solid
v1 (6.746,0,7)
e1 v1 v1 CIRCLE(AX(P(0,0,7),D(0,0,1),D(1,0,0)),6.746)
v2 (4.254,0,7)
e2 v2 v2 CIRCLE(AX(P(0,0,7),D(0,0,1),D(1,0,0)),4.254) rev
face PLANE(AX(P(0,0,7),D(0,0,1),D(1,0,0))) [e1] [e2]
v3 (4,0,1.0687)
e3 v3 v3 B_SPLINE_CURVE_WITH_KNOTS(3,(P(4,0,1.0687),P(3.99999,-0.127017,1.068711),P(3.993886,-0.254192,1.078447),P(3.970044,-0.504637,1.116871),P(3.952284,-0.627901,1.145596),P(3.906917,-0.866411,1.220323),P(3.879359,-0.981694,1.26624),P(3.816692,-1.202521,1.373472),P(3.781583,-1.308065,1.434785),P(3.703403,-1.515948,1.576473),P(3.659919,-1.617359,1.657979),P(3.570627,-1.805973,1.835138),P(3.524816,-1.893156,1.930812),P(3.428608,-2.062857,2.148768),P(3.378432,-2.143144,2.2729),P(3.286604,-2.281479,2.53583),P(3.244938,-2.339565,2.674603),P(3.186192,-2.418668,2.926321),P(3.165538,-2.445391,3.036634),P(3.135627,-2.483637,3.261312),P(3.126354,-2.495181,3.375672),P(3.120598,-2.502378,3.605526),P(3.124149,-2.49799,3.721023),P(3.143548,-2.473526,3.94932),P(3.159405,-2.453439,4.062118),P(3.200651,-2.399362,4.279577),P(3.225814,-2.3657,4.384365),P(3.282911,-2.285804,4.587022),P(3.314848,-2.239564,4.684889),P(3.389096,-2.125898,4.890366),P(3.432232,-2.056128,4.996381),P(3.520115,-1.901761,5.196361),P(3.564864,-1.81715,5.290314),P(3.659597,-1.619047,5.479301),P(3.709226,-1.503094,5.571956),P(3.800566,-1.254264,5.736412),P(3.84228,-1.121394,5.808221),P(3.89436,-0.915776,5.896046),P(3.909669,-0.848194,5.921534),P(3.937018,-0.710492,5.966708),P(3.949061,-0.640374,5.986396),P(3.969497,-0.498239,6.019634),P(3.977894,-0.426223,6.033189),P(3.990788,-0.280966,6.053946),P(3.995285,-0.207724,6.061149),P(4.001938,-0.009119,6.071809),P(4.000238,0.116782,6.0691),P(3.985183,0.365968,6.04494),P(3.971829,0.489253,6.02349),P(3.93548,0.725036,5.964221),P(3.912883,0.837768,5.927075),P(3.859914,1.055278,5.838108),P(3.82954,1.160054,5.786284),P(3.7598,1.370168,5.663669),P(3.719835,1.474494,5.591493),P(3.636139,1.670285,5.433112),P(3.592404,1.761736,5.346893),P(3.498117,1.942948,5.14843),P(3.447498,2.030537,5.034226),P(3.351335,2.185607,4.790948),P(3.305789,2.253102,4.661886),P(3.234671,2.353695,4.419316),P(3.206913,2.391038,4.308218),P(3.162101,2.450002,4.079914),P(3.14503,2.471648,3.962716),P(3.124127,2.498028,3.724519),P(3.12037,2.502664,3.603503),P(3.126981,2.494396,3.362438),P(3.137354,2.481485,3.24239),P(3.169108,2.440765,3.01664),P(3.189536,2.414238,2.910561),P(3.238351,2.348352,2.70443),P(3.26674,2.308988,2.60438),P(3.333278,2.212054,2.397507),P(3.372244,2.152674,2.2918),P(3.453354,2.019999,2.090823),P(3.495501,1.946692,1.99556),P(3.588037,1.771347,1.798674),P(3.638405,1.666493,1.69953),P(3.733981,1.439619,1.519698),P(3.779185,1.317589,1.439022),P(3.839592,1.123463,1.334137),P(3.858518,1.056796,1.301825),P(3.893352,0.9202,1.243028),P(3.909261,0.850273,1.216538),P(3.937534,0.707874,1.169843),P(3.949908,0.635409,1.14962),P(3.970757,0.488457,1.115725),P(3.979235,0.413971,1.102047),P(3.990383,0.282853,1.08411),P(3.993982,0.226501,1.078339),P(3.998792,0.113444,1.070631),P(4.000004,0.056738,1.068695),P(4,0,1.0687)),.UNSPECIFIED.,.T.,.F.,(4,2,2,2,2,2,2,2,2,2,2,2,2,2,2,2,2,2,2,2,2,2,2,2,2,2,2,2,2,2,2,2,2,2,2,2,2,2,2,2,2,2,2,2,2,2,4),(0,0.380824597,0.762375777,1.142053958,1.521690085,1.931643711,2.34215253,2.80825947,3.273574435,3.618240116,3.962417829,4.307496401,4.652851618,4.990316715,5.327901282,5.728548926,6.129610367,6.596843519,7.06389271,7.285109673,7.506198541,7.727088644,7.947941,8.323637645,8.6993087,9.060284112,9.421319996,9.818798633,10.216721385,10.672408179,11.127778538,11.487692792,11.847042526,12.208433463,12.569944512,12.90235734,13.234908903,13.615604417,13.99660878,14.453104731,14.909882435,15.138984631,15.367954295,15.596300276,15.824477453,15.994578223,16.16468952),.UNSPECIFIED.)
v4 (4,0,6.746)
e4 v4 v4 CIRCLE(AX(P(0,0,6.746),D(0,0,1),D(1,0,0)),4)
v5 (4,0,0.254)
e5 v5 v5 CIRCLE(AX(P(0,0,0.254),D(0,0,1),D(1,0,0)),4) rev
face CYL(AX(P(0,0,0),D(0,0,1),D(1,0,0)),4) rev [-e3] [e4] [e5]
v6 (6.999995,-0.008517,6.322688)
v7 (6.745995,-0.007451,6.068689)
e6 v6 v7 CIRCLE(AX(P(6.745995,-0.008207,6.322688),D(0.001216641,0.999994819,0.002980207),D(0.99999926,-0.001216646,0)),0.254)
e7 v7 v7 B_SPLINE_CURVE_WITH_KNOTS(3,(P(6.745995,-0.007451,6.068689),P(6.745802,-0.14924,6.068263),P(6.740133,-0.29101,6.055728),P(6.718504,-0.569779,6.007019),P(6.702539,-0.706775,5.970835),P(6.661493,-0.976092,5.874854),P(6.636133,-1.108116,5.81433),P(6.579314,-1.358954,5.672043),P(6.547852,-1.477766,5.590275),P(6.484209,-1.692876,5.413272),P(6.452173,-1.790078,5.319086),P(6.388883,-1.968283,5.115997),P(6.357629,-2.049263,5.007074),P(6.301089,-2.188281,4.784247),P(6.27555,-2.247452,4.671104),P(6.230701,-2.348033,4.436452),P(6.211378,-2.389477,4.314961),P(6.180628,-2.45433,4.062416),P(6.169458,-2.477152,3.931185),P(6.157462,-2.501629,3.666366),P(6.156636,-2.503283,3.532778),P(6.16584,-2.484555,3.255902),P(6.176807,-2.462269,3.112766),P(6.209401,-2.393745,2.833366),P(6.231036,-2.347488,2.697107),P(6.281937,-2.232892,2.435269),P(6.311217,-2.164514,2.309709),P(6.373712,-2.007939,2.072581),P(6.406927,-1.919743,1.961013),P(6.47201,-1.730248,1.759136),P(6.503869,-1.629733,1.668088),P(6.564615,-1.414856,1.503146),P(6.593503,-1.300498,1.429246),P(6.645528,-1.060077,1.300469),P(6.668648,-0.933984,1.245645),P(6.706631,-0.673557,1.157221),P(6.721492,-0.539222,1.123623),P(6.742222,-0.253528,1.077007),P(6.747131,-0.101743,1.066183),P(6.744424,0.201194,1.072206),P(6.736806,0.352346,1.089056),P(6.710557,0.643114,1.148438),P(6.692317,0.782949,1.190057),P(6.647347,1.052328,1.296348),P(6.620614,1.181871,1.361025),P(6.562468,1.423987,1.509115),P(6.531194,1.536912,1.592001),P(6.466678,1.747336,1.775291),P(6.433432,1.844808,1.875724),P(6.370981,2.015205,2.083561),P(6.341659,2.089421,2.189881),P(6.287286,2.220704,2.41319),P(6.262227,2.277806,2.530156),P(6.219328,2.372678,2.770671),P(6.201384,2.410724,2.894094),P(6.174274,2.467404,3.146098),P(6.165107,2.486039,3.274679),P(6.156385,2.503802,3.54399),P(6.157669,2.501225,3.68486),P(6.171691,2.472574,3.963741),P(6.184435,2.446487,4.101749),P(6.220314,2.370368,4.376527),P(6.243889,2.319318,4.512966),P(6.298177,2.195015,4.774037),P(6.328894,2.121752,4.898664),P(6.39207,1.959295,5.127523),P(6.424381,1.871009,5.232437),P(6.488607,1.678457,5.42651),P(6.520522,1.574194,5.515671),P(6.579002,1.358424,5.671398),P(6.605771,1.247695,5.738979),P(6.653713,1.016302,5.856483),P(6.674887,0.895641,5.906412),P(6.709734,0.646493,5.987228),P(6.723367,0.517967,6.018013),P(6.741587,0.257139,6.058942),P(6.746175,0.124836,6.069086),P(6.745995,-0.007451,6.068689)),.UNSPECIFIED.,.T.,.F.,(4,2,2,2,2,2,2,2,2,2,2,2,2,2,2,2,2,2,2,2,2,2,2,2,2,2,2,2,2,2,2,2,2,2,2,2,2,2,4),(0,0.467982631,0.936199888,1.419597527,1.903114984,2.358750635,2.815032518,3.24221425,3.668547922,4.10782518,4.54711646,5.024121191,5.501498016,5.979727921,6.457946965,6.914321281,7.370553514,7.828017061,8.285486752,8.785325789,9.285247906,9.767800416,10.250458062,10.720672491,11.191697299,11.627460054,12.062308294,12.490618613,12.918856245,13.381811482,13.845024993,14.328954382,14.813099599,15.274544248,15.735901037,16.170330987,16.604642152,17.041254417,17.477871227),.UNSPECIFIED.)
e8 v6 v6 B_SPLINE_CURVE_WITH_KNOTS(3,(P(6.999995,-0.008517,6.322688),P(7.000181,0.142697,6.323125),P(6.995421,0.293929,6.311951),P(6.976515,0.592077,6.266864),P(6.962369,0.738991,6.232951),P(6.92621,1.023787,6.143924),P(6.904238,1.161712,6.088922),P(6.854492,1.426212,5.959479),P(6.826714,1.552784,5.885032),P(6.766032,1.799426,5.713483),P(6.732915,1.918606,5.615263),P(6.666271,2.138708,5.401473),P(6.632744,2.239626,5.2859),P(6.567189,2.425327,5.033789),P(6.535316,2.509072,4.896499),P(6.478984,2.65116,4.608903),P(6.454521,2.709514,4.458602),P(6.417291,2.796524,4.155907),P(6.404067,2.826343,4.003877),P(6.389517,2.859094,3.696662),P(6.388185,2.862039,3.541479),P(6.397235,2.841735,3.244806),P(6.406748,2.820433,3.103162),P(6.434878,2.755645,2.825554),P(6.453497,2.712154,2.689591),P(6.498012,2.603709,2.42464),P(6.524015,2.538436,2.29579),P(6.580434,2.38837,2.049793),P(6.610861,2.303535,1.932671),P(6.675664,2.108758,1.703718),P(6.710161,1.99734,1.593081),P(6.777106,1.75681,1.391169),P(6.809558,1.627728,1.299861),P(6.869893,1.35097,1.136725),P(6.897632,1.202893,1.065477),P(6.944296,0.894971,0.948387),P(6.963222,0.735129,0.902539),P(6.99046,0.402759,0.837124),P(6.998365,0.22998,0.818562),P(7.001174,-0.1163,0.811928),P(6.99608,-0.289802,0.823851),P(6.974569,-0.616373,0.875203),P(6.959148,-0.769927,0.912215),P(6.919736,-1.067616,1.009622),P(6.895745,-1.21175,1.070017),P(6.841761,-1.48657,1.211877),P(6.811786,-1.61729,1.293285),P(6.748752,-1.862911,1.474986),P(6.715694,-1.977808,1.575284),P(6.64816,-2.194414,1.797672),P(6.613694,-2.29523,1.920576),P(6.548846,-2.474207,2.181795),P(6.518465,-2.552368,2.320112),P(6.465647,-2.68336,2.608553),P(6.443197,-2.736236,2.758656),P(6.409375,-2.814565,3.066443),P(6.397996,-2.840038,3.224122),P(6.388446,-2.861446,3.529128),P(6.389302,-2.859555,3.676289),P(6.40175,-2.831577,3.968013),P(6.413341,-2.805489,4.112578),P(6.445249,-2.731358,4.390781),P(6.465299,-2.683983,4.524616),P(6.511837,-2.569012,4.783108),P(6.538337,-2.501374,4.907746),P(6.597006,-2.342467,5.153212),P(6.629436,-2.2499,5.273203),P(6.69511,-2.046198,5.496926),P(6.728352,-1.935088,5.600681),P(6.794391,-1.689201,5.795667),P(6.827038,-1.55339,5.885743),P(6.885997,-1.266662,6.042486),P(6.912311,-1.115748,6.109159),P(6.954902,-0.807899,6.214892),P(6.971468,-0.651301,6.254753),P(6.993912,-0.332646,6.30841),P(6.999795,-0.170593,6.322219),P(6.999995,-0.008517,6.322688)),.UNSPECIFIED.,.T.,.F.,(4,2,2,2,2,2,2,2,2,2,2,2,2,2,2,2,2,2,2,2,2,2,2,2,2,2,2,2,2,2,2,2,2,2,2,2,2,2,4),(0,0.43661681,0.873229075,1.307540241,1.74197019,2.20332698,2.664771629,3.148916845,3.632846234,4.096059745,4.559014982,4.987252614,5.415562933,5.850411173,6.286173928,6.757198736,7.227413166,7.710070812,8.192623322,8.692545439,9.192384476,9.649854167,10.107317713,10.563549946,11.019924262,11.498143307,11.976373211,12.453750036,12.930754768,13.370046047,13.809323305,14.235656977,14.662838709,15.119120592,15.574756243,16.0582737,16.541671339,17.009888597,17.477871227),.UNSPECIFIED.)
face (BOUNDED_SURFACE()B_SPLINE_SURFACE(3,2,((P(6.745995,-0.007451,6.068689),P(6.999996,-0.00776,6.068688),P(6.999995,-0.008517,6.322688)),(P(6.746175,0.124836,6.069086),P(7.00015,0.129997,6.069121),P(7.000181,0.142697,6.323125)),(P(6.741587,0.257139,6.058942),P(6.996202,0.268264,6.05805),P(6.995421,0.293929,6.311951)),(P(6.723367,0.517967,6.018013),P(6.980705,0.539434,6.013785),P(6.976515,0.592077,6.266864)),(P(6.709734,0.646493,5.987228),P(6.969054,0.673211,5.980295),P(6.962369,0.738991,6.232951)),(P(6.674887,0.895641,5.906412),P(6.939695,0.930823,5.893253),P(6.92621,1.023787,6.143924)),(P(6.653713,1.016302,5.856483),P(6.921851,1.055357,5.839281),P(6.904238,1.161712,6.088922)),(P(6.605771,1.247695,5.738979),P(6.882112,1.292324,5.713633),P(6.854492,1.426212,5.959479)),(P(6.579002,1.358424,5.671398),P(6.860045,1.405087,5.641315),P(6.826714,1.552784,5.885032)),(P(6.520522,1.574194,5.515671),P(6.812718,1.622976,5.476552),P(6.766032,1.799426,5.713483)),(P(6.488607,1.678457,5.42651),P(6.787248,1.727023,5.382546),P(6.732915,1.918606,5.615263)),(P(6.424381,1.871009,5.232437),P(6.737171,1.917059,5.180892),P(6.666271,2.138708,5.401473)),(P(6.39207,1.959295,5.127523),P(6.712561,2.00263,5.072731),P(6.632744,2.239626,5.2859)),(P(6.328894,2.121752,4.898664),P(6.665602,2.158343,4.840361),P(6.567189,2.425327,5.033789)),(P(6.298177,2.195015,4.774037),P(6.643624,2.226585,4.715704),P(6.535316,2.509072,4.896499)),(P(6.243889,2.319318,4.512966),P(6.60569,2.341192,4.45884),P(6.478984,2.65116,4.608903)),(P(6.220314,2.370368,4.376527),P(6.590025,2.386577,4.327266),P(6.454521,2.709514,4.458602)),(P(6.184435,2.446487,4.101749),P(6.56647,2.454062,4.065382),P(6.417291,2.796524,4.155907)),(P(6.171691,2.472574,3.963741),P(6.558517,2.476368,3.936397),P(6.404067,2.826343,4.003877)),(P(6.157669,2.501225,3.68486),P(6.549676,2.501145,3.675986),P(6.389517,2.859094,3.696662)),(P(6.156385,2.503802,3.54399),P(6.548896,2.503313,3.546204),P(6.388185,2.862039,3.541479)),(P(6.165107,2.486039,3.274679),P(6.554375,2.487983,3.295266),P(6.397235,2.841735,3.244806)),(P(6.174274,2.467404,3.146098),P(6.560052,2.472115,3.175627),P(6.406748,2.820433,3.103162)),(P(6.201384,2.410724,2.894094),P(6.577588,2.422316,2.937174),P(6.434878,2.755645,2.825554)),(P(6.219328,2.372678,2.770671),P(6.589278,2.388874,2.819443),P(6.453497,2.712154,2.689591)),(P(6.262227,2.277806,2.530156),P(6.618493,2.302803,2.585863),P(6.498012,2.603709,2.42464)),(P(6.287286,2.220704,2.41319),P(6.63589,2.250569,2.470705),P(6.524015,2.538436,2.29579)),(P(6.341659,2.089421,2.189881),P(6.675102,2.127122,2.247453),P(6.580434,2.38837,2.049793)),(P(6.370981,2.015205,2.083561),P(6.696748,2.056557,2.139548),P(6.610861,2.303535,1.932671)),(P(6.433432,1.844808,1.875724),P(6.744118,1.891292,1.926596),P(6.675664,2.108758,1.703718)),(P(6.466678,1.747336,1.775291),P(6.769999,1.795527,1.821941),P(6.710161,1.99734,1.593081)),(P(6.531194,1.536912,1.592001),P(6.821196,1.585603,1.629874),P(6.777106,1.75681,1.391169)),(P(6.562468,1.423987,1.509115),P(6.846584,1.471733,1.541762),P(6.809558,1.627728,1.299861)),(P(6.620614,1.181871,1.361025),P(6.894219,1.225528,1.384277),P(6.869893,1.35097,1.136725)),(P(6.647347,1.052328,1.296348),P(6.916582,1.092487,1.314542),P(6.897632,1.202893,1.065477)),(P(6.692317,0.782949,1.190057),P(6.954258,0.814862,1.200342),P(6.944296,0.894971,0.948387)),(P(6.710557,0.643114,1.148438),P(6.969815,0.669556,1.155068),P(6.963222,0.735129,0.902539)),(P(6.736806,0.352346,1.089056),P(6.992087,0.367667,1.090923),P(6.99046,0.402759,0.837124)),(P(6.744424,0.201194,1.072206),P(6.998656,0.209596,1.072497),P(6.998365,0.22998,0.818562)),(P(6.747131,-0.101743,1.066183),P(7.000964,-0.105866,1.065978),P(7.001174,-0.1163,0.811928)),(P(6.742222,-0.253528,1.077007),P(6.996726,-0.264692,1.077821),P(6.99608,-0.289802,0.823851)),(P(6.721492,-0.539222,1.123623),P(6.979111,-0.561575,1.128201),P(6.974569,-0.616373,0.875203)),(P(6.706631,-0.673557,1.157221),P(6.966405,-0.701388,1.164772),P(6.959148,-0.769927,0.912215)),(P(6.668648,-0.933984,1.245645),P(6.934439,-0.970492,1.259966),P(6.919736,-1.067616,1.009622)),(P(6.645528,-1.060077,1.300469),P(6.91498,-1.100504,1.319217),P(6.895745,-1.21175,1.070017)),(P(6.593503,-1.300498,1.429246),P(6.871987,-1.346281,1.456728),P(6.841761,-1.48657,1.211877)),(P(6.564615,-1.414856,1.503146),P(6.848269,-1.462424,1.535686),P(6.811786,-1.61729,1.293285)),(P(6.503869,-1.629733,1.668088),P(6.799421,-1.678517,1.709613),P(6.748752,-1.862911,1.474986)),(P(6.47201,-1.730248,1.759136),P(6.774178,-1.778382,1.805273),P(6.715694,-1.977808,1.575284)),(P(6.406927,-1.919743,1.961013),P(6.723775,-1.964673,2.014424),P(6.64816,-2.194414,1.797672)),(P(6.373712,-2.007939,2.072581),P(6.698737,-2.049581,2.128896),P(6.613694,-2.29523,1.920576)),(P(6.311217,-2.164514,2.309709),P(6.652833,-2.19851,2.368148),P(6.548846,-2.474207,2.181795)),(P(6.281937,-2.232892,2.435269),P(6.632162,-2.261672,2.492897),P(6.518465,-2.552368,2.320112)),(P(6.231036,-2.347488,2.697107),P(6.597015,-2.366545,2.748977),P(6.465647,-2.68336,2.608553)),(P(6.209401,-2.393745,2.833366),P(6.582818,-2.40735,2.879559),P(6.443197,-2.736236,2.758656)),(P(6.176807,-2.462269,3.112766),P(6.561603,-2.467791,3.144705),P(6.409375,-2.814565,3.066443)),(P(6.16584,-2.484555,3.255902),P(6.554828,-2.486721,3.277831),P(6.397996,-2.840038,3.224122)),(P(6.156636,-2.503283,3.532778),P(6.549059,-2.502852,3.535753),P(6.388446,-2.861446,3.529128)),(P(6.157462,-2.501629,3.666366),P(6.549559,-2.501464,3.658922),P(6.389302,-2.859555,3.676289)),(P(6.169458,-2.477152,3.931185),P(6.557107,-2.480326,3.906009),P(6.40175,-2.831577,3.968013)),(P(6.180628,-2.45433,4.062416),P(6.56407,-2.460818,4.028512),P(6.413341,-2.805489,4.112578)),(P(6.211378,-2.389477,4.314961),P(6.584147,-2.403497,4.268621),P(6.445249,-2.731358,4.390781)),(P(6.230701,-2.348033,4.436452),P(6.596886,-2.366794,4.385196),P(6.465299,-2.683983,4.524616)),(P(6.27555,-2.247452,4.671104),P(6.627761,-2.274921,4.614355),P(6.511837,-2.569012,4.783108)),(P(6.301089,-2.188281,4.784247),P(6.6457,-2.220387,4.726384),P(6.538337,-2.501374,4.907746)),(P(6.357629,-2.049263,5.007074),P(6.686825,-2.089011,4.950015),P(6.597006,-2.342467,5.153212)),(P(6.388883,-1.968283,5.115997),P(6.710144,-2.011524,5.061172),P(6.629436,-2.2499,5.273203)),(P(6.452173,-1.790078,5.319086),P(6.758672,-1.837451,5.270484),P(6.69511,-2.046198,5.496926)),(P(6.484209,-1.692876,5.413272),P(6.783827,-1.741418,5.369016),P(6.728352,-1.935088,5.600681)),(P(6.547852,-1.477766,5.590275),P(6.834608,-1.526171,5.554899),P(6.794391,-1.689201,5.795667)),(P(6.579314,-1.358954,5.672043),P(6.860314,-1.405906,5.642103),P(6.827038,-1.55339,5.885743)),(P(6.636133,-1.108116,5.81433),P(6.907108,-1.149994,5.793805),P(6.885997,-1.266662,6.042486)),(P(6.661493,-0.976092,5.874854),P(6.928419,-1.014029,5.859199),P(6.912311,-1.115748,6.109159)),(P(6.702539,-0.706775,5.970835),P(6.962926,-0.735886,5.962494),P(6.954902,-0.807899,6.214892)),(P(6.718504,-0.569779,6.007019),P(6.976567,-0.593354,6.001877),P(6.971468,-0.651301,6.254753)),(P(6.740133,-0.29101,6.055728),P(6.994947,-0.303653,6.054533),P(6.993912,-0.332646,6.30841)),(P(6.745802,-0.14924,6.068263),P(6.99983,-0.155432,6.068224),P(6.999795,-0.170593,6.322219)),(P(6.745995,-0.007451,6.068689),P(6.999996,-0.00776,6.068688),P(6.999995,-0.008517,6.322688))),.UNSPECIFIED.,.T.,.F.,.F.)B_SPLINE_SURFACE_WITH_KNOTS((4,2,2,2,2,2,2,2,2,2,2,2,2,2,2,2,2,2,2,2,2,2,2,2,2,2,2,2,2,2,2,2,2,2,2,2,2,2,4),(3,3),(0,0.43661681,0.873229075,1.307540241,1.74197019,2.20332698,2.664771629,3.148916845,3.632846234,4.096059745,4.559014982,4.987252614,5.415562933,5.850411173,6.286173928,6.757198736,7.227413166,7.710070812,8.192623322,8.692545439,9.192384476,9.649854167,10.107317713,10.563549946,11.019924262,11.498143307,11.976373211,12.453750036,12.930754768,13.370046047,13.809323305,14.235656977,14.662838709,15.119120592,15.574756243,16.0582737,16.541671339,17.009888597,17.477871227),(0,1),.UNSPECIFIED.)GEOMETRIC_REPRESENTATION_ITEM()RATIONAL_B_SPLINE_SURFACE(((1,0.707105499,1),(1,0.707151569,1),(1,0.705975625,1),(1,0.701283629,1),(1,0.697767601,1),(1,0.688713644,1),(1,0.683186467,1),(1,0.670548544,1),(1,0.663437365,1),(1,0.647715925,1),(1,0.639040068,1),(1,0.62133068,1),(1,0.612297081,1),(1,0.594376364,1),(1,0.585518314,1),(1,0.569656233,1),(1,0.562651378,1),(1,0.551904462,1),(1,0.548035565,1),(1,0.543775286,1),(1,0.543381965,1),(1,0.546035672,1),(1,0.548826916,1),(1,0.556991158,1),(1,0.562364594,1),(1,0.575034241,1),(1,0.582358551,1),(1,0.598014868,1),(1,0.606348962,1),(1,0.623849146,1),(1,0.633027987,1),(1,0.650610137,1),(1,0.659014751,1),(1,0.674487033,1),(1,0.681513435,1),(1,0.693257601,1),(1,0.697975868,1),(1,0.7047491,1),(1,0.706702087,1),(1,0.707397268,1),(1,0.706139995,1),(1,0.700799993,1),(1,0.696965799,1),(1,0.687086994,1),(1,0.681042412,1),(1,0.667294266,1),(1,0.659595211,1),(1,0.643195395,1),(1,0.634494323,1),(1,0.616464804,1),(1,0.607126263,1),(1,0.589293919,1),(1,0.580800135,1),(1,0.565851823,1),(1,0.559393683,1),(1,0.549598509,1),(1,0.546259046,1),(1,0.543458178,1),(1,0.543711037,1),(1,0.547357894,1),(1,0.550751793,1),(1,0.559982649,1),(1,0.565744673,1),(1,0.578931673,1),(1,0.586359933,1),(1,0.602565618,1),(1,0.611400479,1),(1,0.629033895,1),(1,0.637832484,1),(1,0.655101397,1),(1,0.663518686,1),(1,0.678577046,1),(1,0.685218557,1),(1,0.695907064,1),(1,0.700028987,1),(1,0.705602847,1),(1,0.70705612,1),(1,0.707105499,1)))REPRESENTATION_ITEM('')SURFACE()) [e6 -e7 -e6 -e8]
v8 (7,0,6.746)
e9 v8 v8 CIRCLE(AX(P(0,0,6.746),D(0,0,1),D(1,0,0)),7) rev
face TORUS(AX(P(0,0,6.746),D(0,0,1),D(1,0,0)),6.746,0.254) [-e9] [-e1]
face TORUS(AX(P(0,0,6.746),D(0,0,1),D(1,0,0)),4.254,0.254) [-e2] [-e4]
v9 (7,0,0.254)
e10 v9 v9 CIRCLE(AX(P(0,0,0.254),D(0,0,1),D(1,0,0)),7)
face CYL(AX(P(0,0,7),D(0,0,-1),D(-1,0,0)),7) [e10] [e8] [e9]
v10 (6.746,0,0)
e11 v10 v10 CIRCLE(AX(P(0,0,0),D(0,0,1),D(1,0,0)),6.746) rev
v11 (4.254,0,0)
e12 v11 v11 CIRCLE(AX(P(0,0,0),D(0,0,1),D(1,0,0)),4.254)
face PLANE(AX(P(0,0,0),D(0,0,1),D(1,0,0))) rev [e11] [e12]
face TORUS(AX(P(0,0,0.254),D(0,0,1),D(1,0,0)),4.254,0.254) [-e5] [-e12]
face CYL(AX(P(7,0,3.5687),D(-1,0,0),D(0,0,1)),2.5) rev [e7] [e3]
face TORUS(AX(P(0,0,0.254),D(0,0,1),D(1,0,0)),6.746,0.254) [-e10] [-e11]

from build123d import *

# Parameters (mm, degrees)
SKETCH2_R           = 7
BOSS_EXTRUDE1_DEPTH = 7
SKETCH3_R           = 4
CUT_EXTRUDE1_DEPTH  = 8
SKETCH4_R           = 2.499999953
CUT_EXTRUDE2_DEPTH  = 8
FILLET1_R           = 0.254


with BuildPart() as part:
    # Sketch2 → Boss-Extrude1 (new body)
    with BuildSketch(Plane.XY):
        Circle(SKETCH2_R)
    extrude(amount=BOSS_EXTRUDE1_DEPTH)

    # Sketch3 → Cut-Extrude1 (cut, through all)
    with BuildSketch(Plane.XY.offset(7)):
        Circle(SKETCH3_R)
    extrude(amount=-CUT_EXTRUDE1_DEPTH, mode=Mode.SUBTRACT)

    # Sketch4 → Cut-Extrude2 (cut, through all)
    with BuildSketch(Plane(origin=(0, 0, 0), x_dir=(0, 0, -1), z_dir=(1, 0, 0))):
        with Locations((-3.5687, 0)):
            Circle(SKETCH4_R)
    extrude(amount=CUT_EXTRUDE2_DEPTH, mode=Mode.SUBTRACT)

    # Fillet1
    fillet1_edges = [part.edges().sort_by_distance(p)[0] for p in [
        (6.538348433, 2.499999953, 3.5687),
        (-7, 0, 0),
        (-7, 0, 7),
        (-4, 0, 0),
        (-4, 0, 7),
    ]]
    fillet(fillet1_edges, radius=FILLET1_R)


solid = part.part
